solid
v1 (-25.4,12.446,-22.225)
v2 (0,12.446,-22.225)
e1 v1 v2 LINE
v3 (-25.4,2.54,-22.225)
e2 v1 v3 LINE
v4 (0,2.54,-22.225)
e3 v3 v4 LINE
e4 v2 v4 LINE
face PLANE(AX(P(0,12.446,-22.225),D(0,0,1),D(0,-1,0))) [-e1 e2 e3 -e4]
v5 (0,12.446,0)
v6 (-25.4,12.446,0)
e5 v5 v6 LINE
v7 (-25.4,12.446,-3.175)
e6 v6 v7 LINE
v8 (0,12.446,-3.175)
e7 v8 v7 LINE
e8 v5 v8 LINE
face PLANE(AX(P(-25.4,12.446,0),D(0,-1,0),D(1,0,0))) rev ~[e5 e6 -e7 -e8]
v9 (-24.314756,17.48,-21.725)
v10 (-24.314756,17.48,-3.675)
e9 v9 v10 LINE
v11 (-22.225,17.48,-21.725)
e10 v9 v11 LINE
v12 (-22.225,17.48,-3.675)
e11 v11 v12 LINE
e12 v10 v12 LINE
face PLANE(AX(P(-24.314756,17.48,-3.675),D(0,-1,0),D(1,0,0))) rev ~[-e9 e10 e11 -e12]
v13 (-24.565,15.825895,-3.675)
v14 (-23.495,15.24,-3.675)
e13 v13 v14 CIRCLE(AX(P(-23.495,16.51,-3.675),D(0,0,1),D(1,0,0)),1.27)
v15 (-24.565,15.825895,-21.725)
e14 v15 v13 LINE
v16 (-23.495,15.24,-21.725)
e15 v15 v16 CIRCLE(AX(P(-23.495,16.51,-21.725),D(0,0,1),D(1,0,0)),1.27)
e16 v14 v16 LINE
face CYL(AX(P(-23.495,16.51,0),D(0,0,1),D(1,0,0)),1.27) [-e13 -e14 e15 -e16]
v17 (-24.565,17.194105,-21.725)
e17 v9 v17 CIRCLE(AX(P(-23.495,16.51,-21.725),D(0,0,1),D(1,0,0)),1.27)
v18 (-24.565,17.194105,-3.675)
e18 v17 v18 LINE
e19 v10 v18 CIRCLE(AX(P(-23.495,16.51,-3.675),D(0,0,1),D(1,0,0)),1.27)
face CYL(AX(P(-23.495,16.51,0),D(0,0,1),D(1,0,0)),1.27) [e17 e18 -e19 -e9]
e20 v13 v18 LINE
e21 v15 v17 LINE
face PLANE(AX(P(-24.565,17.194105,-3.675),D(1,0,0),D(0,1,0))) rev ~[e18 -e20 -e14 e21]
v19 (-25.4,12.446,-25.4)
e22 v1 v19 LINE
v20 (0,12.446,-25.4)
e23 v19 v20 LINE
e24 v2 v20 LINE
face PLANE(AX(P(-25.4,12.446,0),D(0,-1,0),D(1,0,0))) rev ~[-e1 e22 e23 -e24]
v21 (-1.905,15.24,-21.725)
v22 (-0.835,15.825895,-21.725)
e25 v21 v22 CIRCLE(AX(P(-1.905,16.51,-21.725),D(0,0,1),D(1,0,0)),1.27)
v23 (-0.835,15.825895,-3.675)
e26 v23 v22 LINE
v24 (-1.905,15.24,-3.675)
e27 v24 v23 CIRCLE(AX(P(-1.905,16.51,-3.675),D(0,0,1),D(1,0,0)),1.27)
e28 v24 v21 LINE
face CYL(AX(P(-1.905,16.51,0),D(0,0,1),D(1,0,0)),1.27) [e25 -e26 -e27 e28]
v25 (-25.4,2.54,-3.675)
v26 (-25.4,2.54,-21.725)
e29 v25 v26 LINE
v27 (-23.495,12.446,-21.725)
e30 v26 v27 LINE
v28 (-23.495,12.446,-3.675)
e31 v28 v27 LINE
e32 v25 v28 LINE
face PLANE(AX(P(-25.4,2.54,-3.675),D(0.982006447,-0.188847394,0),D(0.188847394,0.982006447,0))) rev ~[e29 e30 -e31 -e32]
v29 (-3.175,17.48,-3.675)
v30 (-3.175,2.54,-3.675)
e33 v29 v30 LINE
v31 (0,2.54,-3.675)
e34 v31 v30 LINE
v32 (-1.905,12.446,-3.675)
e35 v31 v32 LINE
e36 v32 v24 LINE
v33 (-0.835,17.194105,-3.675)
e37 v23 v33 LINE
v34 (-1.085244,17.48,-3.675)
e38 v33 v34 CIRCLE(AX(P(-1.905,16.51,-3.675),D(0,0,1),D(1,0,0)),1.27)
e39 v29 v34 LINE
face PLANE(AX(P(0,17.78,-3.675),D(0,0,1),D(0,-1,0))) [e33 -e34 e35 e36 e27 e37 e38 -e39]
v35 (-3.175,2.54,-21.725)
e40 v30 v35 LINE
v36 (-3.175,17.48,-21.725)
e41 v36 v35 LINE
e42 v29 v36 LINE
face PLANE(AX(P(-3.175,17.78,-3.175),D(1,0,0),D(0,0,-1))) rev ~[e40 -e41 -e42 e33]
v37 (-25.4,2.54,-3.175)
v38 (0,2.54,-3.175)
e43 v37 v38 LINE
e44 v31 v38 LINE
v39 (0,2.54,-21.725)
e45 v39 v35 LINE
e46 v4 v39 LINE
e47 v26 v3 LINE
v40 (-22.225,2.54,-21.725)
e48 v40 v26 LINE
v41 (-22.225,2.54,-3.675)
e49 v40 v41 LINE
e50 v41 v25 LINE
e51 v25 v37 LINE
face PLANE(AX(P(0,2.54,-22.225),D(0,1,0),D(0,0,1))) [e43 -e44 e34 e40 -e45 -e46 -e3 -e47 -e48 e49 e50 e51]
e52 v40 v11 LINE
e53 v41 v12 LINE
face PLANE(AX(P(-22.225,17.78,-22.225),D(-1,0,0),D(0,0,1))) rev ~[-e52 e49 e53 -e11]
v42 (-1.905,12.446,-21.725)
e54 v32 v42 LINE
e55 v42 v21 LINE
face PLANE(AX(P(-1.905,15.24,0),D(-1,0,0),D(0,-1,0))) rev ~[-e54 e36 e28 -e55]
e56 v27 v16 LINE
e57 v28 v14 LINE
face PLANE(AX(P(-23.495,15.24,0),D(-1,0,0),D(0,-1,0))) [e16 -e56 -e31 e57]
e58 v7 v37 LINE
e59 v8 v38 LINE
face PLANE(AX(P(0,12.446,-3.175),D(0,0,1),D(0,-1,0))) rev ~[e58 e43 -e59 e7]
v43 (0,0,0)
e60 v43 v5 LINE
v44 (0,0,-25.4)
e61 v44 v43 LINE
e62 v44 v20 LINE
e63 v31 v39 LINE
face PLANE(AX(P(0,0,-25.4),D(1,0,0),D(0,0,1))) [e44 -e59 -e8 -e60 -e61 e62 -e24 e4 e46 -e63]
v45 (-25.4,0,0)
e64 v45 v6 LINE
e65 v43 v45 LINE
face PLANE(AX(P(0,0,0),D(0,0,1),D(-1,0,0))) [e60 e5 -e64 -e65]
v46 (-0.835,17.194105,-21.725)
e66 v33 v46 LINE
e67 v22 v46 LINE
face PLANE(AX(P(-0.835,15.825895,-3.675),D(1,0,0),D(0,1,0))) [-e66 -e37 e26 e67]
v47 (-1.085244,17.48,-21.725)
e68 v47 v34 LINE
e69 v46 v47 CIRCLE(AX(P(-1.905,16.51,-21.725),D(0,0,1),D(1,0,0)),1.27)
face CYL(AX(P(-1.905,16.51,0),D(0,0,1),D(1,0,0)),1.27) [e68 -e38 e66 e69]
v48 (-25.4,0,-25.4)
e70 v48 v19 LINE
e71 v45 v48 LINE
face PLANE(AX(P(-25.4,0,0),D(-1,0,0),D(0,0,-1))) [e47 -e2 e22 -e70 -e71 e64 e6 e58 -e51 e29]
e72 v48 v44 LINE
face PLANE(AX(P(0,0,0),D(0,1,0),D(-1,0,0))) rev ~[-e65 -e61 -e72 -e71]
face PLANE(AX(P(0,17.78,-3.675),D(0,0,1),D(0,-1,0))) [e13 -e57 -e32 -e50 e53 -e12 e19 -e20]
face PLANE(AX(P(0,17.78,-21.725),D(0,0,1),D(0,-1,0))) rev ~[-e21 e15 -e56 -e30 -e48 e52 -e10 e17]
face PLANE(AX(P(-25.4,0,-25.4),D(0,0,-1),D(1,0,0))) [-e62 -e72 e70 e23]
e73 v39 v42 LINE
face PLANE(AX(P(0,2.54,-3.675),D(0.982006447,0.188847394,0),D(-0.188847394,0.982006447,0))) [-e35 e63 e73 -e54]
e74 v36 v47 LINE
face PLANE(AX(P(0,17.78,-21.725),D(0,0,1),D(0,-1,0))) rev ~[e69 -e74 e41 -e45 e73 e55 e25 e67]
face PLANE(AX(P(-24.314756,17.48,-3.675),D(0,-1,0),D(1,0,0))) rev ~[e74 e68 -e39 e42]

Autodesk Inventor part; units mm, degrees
ref_plane "YZ Plane" through (0, 0, 0) normal (1, 0, 0) x (0, 1, 0)
ref_plane "XZ Plane" through (0, 0, 0) normal (0, 1, 0) x (-1, 0, 0)
ref_plane "XY Plane" through (0, 0, 0) normal (0, 0, 1) x (1, 0, 0)
sketch "Sketch1" plane through (0, 0, 0) normal (0, 1, 0) x (-1, 0, 0)
  point P0 (0, 0)
sketch "Sketch2" plane through (0, 0, 0) normal (0, 1, 0) x (-1, 0, 0)
  line L0 (0, 0) -> (25.4, 0)
  line L1 (25.4, 0) -> (25.4, -25.4)
  line L2 (25.4, -25.4) -> (0, -25.4)
  line L3 (0, -25.4) -> (0, 0)
  dimension "d0" = 25.4
  dimension "d1" = 25.4
extrude "Extrusion1" add sketch "Sketch2" along normal blind 17.78
sketch "Sketch3" plane through (0, 17.78, 0) normal (0, 1, 0) x (1, 0, 0)
  line L0 (-22.225, 3.175) -> (-3.175, 3.175)
  line L1 (-3.175, 3.175) -> (-3.175, 22.225)
  line L2 (-3.175, 22.225) -> (-22.225, 22.225)
  line L3 (-22.225, 22.225) -> (-22.225, 3.175)
  line L4 (-25.4, 25.4) -> (-25.4, 0) projected
  line L5 (0, 25.4) -> (-25.4, 25.4) projected
  line L6 (-25.4, 0) -> (0, 0) projected
  line L7 (0, 0) -> (0, 25.4) projected
  dimension "d4" = 3.175
  dimension "d5" = 3.175
  dimension "d6" = 3.175
  dimension "d7" = 3.175
extrude "Extrusion2" cut sketch "Sketch3" against normal blind 15.24 contours L3 L2 L1 L0
sketch "Sketch4" plane through (-25.4, 0, 0) normal (0, 0, 1) x (1, 0, 0)
  circle A0 centre (1.905, 16.51) radius 1.27
  circle A1 centre (23.495, 16.51) radius 1.27
  line L0 (0, 17.78) -> (25.4, 17.78) projected
  line L1 (3.175, 17.78) -> (3.175, 2.54) projected
  line L2 (22.225, 17.78) -> (22.225, 2.54) projected
  line L3 (3.175, 17.78) -> (1.905, 17.78)
  line L4 (1.905, 17.78) -> (1.905, 12.446)
  line L5 (1.905, 12.446) -> (3.175, 12.446)
  line L6 (3.175, 12.446) -> (3.175, 17.78)
  line L7 (22.225, 17.78) -> (23.495, 17.78)
  line L8 (23.495, 17.78) -> (23.495, 12.446)
  line L9 (23.495, 12.446) -> (22.225, 12.446)
  line L10 (22.225, 12.446) -> (22.225, 17.78)
  line L11 (3.175, 17.78) -> (0, 17.78)
  line L12 (0, 17.78) -> (0, 12.446)
  line L13 (0, 12.446) -> (3.175, 12.446)
  line L14 (3.175, 12.446) -> (3.175, 17.78)
  line L15 (22.225, 17.78) -> (25.4, 17.78)
  line L16 (25.4, 17.78) -> (25.4, 12.446)
  line L17 (25.4, 12.446) -> (22.225, 12.446)
  line L18 (22.225, 12.446) -> (22.225, 17.78)
  point P0 (25.4, 0)
  point P1 (1.905, 12.446)
  point P2 (1.905, 15.24)
  point P3 (1.905, 17.78)
  point P4 (23.495, 15.24)
  dimension "d10" = 2.54
  dimension "d11" = 2.54
  dimension "d12" = 1.27
  dimension "d13" = 1.27
  dimension "d14" = 1.27
  dimension "d15" = 1.27
  dimension "d16" = 1.27
  dimension "d17" = 5.334
  dimension "d18" = 1.27
  dimension "d19" = 5.334
extrude "Extrusion3" cut sketch "Sketch4" against normal blind 25.4 contours A0 L4 L13 L12 L0 | L0 L16 L17 L8 A1
sketch "Sketch5" plane through (0, 0, 0) normal (1, 0, 0) x (0, 0, -1)
  line L0 (3.175, 17.78) -> (22.225, 17.78) projected
  line L1 (0, 12.446) -> (25.4, 12.446) projected
  line L2 (0, 12.446) -> (25.4, 12.446) projected
  line L3 (0, 17.78) -> (3.675, 17.78)
  line L4 (3.675, 17.78) -> (3.675, 12.446)
  line L5 (3.675, 12.446) -> (0, 12.446)
  line L6 (0, 12.446) -> (0, 17.78)
  line L7 (25.4, 15.24) -> (25.4, 17.78) projected
  line L8 (25.4, 17.78) -> (21.725, 17.78)
  line L9 (21.725, 17.78) -> (21.725, 12.446)
  line L10 (21.725, 12.446) -> (25.4, 12.446)
  line L11 (25.4, 12.446) -> (25.4, 17.78)
  line L12 (22.225, 2.54) -> (3.175, 2.54) projected
  line L13 (3.675, 12.446) -> (3.175, 12.446)
  line L14 (3.175, 12.446) -> (3.175, 2.54)
  line L15 (3.175, 2.54) -> (3.675, 2.54)
  line L16 (3.675, 2.54) -> (3.675, 12.446)
  line L17 (22.225, 17.78) -> (22.225, 2.54) projected
  line L18 (21.725, 12.446) -> (22.225, 12.446)
  line L19 (22.225, 12.446) -> (22.225, 2.54)
  line L20 (22.225, 2.54) -> (21.725, 2.54)
  line L21 (21.725, 2.54) -> (21.725, 12.446)
  point P0 (0, 0)
  point P1 (25.4, 12.446)
  point P2 (21.725, 12.446)
  point P3 (0, 12.446)
  point P4 (22.225, 12.446)
  dimension "d25" = 3.675
  dimension "d26" = 3.675
extrude "Extrusion4" cut sketch "Sketch5" against normal blind 25.4 contours L0 L4 L1 L6 L3 | L0 L17 L1 L9 | L16 L12 L14 L1 | L8 L7 L11 L1 L17 | L1 L17 L12 L21
sketch "Sketch7" plane through (0, 2.54, -3.675) normal (0, 0, 1) x (1, 0, 0)
  line L0 (-3.175, 15.24) -> (-3.175, 0) projected
  line L1 (-1.905, 12.7) -> (-1.905, 9.906) projected
  line L2 (0, 9.906) -> (0, 0) projected
  line L3 (-1.905, 9.906) -> (0, 9.906) projected
  line L4 (0, 0) -> (-1.905, 9.906)
  line L5 (-1.905, 9.906) -> (0, 9.906)
  line L6 (0, 0) -> (-25.4, 0) projected
  line L7 (0, 0) -> (0, 9.906)
  line L8 (0, 9.906) -> (-25.4, 9.906) projected
  line L9 (-25.4, 9.906) -> (-25.4, 0)
  line L10 (-23.495, 9.906) -> (-23.495, 12.7) projected
  line L11 (-25.4, 0) -> (-23.495, 9.906)
  line L12 (-23.495, 9.906) -> (-25.4, 9.906)
  point P0 (0, -2.54)
extrude "Extrusion6" cut sketch "Sketch7" against normal blind 18.5 contours L3 L2 L4 | L11 L9 L8
sketch "Sketch8" plane through (-23.495, 17.78, -3.675) normal (0, 0, 1) x (1, 0, 0)
  arc A0 (0, 0) -> (0, -2.54) centre (0, -1.27) ccw projected
  line L0 (-1.07, -2.27) -> (-1.07, 0)
  line L1 (-1.07, 0) -> (-1.27, 0)
  line L2 (-1.27, 0) -> (-1.27, -1.27)
  line L3 (-1.07, 0) -> (-1.07, -2.27)
  line L4 (-1.07, -2.27) -> (-1.27, -2.27)
  line L5 (-1.27, -2.27) -> (-1.27, -1.27)
  arc A1 (21.59, -2.54) -> (21.59, 0) centre (21.59, -1.27) ccw projected
  line L6 (22.66, -1.3632) -> (22.66, 0)
  line L7 (22.66, 0) -> (22.86, 0)
  line L8 (22.86, 0) -> (22.86, -1.27)
  line L9 (22.86, -1.3632) -> (22.86, -3.2076)
  line L10 (22.86, -3.2076) -> (22.66, -3.2076)
  line L11 (22.66, -3.2076) -> (22.66, -1.3632)
  line L12 (22.86, 0) -> (-1.27, 0)
  line L13 (-1.27, 0) -> (-1.27, -0.3)
  line L14 (-1.27, -0.3) -> (22.86, -0.3)
  line L15 (22.86, -0.3) -> (22.86, 0)
  line L16 (0, 0) -> (1.27, 0) projected
  point P0 (23.495, -17.78)
  point P1 (10.795, -0.3)
  point P2 (22.66, -1.9541)
  point P3 (22.66, -0.5859)
  point P4 (-1.07, 0)
  point P5 (-1.07, -0.3)
  point P6 (22.86, -0.3)
  point P7 (22.66, 0)
  dimension "d34" = 0.2
  dimension "d35" = 1
  dimension "d36" = 0.2
  dimension "d37" = 0.3
  dimension "d38" = 0
extrude "Extrusion7" cut sketch "Sketch8" against normal blind 18.5 contours L12 A1 L14 A0 | A0 L14 L0 L12 | L0 L14 L2 L1 | L0 A0 | A0 L2 L14 L0 | A1 L12 L6 L14 | A0 L0 L4 L5 | A1 L11 L6 | L6 L7 L8 L14
properties part number "boxtest2"
